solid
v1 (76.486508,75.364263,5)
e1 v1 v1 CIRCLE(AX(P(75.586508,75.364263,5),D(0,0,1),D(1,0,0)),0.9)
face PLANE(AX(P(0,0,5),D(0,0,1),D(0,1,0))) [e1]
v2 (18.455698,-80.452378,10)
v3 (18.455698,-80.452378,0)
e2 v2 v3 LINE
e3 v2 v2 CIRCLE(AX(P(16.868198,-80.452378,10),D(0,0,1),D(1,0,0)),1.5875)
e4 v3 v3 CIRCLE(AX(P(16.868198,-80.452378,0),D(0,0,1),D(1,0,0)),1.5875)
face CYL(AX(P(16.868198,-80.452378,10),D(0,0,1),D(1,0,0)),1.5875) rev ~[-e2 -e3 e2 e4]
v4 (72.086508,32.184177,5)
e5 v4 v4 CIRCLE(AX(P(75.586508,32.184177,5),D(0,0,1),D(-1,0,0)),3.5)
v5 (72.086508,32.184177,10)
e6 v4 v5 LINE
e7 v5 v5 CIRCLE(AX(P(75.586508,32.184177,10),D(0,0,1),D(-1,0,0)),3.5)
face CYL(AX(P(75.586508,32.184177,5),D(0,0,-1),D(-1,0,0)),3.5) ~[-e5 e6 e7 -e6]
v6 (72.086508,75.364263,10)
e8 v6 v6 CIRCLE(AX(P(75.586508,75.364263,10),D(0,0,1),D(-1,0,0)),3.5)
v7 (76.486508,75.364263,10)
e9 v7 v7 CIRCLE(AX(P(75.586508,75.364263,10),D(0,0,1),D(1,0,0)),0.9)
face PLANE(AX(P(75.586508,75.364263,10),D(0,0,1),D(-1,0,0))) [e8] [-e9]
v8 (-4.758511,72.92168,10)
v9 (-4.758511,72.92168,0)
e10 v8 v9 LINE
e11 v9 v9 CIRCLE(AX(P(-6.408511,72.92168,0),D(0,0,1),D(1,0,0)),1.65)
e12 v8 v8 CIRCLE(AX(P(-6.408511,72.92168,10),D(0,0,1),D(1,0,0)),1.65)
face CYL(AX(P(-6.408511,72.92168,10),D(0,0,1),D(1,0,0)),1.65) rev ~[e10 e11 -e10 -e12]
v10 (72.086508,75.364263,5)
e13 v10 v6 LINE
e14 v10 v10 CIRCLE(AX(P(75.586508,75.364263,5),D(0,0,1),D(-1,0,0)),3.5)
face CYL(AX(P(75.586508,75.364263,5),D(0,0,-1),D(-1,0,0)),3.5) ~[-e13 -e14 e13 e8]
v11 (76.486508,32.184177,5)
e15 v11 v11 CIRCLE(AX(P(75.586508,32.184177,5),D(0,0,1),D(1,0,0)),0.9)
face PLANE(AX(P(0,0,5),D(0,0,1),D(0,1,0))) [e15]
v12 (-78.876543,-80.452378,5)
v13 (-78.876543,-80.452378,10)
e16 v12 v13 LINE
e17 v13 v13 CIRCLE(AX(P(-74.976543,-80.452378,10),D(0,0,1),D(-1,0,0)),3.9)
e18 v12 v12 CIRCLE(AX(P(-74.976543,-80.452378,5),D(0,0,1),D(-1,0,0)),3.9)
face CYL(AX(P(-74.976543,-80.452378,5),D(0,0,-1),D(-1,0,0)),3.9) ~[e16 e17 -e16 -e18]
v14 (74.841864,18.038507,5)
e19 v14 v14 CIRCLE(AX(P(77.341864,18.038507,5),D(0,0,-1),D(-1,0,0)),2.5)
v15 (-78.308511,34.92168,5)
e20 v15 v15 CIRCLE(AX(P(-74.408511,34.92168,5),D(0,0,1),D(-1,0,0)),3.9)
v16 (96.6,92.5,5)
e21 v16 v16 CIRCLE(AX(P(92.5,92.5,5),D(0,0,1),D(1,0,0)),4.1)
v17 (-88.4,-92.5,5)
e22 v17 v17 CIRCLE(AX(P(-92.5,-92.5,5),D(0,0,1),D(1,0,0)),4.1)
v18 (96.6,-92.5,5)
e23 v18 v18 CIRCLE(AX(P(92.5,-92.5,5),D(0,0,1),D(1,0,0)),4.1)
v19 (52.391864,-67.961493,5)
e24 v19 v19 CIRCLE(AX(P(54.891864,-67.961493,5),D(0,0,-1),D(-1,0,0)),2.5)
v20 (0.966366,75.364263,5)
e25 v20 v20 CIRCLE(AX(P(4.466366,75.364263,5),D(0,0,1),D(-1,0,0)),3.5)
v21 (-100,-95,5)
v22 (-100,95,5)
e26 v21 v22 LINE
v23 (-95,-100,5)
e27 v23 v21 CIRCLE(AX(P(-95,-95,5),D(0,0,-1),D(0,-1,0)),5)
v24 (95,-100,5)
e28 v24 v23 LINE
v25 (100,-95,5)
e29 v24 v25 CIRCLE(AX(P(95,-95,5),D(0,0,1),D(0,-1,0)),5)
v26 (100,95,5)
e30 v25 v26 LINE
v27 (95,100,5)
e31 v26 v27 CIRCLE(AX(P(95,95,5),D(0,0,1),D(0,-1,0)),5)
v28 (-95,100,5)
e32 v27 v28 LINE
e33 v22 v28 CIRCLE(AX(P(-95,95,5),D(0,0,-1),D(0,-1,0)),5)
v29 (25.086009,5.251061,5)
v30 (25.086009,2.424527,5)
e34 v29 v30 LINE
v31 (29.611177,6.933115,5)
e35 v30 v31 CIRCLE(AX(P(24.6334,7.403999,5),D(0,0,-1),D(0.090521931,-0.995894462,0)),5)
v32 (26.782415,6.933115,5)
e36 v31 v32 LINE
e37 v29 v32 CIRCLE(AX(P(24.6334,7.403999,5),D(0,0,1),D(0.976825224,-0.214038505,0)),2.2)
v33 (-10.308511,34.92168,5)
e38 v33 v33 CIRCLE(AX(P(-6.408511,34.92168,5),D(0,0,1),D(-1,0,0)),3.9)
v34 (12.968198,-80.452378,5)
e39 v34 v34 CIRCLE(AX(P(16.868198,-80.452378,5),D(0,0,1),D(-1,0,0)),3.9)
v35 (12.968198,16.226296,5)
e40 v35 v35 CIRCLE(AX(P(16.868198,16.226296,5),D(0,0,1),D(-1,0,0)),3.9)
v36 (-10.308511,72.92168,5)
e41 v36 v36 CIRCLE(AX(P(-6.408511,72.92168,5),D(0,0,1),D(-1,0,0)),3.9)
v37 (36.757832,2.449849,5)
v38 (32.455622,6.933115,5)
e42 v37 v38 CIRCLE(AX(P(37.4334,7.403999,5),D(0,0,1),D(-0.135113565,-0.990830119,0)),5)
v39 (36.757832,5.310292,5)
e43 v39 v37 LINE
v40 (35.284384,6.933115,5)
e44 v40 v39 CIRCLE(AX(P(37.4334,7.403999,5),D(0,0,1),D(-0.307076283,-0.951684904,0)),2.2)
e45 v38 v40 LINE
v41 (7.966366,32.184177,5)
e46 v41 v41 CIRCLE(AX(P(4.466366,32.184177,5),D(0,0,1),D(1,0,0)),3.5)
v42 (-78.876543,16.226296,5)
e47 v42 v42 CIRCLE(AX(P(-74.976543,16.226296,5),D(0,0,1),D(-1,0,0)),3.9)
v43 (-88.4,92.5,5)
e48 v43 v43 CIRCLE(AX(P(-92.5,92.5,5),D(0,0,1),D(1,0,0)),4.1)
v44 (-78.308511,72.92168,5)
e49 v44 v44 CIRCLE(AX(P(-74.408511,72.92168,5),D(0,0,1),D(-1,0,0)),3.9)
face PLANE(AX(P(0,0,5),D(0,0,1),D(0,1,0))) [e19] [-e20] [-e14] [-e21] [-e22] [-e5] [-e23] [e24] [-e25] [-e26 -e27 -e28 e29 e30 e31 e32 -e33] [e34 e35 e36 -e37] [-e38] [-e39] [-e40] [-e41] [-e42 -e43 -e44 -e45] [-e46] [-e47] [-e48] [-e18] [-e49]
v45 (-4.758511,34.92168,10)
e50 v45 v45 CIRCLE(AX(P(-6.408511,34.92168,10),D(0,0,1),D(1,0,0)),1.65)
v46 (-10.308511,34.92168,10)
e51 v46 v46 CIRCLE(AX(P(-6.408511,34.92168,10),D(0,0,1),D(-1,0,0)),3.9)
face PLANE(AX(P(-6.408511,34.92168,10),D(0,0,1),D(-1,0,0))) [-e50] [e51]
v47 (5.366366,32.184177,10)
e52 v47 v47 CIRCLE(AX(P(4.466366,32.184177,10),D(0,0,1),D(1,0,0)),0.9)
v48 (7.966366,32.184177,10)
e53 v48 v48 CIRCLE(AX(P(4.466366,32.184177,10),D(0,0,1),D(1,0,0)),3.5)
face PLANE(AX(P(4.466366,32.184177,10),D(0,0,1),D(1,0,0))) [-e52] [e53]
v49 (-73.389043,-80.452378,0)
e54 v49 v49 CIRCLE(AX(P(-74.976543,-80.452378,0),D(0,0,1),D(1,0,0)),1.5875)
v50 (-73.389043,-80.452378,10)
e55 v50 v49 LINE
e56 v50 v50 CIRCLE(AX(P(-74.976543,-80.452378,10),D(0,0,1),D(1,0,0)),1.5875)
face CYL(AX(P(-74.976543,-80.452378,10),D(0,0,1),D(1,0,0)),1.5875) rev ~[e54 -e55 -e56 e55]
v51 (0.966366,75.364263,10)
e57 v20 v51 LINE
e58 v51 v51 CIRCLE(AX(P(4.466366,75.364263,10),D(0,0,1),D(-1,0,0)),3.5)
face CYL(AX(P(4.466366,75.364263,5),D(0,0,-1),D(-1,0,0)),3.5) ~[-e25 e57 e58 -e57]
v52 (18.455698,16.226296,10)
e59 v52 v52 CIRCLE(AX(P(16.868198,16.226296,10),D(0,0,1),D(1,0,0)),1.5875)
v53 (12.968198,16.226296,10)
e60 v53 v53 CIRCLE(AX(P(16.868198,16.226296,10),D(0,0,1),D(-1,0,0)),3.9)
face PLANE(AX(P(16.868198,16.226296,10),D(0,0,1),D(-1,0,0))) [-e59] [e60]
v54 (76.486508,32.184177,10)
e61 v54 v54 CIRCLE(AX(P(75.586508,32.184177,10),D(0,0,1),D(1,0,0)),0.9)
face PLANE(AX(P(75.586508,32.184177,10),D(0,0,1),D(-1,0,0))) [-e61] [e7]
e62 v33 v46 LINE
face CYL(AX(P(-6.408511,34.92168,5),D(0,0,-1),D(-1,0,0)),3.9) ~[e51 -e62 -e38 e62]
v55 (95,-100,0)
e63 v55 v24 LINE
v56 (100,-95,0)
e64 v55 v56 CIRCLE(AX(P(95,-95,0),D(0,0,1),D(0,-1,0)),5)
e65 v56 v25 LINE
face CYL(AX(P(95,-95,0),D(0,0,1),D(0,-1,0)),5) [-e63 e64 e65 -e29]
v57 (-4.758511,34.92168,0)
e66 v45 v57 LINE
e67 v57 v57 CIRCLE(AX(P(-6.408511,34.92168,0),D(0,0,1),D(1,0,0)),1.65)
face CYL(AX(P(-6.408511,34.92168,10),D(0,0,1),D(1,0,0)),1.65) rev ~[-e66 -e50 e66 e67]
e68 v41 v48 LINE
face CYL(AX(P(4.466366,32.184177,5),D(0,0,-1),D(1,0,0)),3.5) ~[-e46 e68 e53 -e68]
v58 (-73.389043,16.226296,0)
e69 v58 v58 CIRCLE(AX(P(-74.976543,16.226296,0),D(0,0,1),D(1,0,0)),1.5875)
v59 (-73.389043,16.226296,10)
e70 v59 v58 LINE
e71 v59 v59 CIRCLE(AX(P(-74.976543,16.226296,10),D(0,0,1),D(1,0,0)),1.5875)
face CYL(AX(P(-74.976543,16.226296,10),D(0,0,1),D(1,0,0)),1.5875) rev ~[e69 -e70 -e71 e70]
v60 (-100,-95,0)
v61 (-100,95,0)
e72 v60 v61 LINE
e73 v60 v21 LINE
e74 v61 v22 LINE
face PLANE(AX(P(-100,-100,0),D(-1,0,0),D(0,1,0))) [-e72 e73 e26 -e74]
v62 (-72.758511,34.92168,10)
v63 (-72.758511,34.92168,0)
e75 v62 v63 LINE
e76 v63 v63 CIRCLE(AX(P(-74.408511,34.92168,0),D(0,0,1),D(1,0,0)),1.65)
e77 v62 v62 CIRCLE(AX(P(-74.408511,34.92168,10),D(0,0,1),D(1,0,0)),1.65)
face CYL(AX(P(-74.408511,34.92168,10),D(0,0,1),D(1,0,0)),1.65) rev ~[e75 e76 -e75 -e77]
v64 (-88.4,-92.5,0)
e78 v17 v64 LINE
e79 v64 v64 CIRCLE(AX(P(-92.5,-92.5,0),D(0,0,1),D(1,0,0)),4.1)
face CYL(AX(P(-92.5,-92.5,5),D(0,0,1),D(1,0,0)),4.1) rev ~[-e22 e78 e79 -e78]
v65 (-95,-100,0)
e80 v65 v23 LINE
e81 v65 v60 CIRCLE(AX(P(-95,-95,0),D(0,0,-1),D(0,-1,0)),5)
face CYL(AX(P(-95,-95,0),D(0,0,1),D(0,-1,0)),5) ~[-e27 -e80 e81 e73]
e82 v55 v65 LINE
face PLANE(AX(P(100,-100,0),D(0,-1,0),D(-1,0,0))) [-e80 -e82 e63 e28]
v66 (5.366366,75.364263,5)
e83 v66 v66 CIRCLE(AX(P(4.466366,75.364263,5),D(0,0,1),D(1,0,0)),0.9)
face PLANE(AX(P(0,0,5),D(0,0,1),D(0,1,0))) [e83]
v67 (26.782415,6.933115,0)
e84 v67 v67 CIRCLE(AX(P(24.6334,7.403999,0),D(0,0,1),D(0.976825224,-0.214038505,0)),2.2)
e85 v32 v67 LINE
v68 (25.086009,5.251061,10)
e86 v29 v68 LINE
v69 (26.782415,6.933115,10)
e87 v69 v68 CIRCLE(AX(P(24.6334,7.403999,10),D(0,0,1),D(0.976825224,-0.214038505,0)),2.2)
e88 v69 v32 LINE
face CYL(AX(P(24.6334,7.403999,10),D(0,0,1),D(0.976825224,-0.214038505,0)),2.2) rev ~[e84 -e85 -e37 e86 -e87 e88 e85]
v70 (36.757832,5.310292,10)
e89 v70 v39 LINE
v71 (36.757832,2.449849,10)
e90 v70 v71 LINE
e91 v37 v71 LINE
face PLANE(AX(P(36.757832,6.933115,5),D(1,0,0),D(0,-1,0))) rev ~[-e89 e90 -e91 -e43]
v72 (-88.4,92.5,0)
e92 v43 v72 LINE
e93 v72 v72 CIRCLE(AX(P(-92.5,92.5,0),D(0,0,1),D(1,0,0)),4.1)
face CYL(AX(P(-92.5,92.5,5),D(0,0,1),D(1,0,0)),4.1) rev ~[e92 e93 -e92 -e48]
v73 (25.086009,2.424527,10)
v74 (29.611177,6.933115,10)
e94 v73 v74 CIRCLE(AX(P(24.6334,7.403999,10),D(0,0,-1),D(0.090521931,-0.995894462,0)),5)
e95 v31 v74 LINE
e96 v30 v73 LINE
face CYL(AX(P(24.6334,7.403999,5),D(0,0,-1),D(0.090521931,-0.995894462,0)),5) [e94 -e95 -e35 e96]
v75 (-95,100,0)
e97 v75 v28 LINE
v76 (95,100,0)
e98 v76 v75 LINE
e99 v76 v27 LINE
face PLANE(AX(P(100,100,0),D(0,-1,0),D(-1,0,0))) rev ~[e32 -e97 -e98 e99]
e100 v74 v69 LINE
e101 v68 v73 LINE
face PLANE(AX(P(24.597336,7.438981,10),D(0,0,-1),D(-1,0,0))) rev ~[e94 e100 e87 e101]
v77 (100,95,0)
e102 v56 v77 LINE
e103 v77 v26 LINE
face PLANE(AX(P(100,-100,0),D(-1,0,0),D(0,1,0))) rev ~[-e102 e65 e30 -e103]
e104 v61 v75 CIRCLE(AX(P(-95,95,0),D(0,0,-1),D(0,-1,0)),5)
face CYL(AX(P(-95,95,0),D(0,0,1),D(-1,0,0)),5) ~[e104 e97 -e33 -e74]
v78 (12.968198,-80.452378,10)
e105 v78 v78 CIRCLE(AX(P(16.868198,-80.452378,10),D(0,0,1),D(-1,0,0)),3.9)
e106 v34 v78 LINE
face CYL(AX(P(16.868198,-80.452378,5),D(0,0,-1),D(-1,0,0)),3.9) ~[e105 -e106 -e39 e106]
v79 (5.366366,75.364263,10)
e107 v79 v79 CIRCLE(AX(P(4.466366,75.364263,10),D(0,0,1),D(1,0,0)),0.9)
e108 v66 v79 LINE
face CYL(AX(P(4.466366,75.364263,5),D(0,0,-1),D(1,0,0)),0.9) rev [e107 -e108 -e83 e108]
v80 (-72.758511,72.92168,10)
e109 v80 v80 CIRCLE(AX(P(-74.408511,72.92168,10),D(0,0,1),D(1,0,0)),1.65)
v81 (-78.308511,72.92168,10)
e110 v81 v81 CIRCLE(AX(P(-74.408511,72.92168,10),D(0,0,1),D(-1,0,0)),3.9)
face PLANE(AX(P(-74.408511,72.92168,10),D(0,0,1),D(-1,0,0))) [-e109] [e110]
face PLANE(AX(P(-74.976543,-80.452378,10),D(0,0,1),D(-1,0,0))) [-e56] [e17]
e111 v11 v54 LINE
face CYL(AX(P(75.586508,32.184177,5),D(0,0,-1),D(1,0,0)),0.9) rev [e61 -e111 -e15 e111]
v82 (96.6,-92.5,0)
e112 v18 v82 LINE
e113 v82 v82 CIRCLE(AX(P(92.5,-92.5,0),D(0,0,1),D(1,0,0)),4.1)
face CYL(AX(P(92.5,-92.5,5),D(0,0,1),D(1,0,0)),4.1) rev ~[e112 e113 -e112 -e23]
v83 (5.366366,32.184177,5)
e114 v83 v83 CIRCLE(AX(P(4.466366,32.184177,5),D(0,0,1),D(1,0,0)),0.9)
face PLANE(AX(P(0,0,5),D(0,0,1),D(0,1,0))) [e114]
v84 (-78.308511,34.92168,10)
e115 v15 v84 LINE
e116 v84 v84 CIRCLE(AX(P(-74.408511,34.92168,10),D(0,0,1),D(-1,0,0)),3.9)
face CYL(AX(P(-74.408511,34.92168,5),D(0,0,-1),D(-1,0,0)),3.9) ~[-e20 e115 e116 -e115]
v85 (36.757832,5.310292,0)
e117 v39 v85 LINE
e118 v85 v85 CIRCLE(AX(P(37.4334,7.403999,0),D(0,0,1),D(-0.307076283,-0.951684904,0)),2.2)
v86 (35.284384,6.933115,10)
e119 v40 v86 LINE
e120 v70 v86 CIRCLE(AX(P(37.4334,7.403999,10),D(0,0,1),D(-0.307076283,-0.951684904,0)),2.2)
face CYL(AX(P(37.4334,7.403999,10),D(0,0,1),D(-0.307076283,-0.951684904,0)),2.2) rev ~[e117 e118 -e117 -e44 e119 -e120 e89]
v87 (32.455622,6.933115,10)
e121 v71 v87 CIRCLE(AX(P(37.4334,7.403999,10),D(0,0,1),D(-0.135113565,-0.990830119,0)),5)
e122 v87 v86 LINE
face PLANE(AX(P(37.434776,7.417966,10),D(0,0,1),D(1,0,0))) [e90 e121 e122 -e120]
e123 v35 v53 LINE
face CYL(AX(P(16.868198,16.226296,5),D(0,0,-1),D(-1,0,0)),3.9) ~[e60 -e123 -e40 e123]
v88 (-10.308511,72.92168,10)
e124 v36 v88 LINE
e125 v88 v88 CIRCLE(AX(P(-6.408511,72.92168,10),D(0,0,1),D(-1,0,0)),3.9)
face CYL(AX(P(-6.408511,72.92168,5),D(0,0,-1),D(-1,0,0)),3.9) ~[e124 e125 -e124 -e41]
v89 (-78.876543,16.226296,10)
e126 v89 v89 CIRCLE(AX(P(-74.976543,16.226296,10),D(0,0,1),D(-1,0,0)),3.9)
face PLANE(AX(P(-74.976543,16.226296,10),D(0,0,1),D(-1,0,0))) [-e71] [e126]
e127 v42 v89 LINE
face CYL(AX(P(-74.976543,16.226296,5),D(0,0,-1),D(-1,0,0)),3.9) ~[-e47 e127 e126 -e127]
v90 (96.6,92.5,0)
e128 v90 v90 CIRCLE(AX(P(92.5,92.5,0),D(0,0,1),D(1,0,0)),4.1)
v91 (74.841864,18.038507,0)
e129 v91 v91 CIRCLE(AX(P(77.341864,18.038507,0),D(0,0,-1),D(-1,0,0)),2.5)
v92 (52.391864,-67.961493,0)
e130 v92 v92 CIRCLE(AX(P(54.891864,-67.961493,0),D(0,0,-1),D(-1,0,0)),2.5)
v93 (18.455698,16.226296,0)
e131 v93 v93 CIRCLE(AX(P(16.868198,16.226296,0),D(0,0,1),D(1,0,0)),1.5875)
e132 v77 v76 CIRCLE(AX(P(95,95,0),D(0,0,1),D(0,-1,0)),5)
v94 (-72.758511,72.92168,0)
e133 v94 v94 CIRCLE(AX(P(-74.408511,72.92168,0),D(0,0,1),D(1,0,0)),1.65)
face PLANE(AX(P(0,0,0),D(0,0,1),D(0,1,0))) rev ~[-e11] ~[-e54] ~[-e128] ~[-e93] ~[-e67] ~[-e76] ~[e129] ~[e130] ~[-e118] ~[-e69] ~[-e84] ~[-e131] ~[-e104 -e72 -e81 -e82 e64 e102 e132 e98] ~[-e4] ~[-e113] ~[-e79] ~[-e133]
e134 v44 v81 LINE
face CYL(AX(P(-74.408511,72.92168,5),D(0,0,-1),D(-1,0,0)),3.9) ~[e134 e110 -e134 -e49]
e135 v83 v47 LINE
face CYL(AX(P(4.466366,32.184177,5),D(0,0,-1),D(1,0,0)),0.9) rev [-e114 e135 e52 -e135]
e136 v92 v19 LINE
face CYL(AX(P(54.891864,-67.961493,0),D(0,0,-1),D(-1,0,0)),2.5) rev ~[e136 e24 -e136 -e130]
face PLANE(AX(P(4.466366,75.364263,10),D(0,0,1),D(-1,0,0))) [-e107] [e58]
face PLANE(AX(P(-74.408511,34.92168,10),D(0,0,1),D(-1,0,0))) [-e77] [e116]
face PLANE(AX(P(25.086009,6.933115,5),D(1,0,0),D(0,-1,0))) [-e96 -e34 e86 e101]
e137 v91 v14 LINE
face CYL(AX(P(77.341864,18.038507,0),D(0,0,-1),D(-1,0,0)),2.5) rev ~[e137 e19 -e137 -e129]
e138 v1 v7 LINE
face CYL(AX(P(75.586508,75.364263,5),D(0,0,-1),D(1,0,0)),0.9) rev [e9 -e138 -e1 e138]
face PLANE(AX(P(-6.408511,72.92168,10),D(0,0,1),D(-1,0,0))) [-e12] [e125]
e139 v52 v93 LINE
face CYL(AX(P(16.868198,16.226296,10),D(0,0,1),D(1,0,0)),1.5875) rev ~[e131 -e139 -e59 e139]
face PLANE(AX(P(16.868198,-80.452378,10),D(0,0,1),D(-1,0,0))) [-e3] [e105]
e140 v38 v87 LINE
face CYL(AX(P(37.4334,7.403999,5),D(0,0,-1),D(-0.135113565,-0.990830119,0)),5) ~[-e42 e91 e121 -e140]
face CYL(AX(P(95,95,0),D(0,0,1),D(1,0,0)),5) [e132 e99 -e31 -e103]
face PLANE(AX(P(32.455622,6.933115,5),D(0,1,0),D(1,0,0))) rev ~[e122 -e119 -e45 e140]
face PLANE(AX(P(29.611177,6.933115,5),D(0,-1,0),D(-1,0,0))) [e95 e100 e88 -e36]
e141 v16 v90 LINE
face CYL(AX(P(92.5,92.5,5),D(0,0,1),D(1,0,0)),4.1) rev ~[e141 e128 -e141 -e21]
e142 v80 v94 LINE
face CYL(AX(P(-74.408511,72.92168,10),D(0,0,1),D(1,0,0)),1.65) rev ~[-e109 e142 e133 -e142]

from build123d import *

# Parameters (mm, degrees)
CROQUIS1_W              = 200
CROQUIS1_H              = 200
SALIENTE_EXTRUIR1_DEPTH = 5
CROQUIS4_R              = 3.5
CROQUIS4_R_2            = 0.9
CROQUIS4_R_3            = 3.9
CROQUIS4_R_4            = 1.4
SALIENTE_EXTRUIR3_DEPTH = 5
REDONDEO1_R             = 5
CROQUIS5_R              = 4.1
CORTAR_EXTRUIR1_DEPTH   = 5
CROQUIS7_R              = 2.5
CORTAR_EXTRUIR2_DEPTH   = 10
CROQUIS8_R              = 2.2
CROQUIS8_R_2            = 1.5875
CROQUIS8_R_3            = 1.65
CORTAR_EXTRUIR3_DEPTH   = 17


with BuildPart() as part:
    # Croquis1 → Saliente-Extruir1 (new body)
    with BuildSketch(Plane(origin=(0, 0, 0), x_dir=(0, 1, 0), z_dir=(0, 0, 1))):
        Rectangle(CROQUIS1_W, CROQUIS1_H)
    extrude(amount=SALIENTE_EXTRUIR1_DEPTH)

    # Croquis4 → Saliente-Extruir3 (add)
    # profile 1 of 14: a face of its own
    with BuildSketch(Plane.XY.offset(5)):
        with Locations((4.466366134, 32.184176934)):
            Circle(CROQUIS4_R)
        with Locations((4.466366134, 32.184176934)):
            Circle(CROQUIS4_R_2, mode=Mode.SUBTRACT)
    # profile 2 of 14: a face of its own
    with BuildSketch(Plane.XY.offset(5)):
        with Locations(Location((75.586508374, 75.364263295, 0), (0, 0, 180))):
            Circle(CROQUIS4_R)
        with Locations((75.586508374, 75.364263295)):
            Circle(CROQUIS4_R_2, mode=Mode.SUBTRACT)
    # profile 3 of 14: a face of its own
    with BuildSketch(Plane.XY.offset(5)):
        with Locations(Location((-74.976542636, 16.226296077, 0), (0, 0, 180))):
            Circle(CROQUIS4_R_3)
        with Locations((-74.976542636, 16.226296077)):
            Circle(CROQUIS4_R_4, mode=Mode.SUBTRACT)
    # profile 4 of 14: a face of its own
    with BuildSketch(Plane.XY.offset(5)):
        with Locations(Location((16.86819811, 16.226296077, 0), (0, 0, 180))):
            Circle(CROQUIS4_R_3)
        with Locations((16.86819811, 16.226296077)):
            Circle(CROQUIS4_R_4, mode=Mode.SUBTRACT)
    # profile 5 of 14: a face of its own
    with BuildSketch(Plane.XY.offset(5)):
        with Locations(Location((16.86819811, -80.452378393, 0), (0, 0, 180))):
            Circle(CROQUIS4_R_3)
        with Locations((16.86819811, -80.452378393)):
            Circle(CROQUIS4_R_4, mode=Mode.SUBTRACT)
    # profile 6 of 14: a face of its own
    with BuildSketch(Plane.XY.offset(5)):
        with Locations(Location((-74.976542636, -80.452378393, 0), (0, 0, 180))):
            Circle(CROQUIS4_R_3)
        with Locations((-74.976542636, -80.452378393)):
            Circle(CROQUIS4_R_4, mode=Mode.SUBTRACT)
    # profile 7 of 14: a face of its own
    with BuildSketch(Plane.XY.offset(5)):
        with Locations(Location((-6.408510904, 72.92167992, 0), (0, 0, 180))):
            Circle(CROQUIS4_R_3)
        with Locations((-6.408510904, 72.92167992)):
            Circle(CROQUIS4_R_4, mode=Mode.SUBTRACT)
    # profile 8 of 14: a face of its own
    with BuildSketch(Plane.XY.offset(5)):
        with Locations(Location((-6.408510904, 34.92167992, 0), (0, 0, 180))):
            Circle(CROQUIS4_R_3)
        with Locations((-6.408510904, 34.92167992)):
            Circle(CROQUIS4_R_4, mode=Mode.SUBTRACT)
    # profile 9 of 14: a face of its own
    with BuildSketch(Plane.XY.offset(5)):
        with Locations(Location((-74.408510904, 34.92167992, 0), (0, 0, 180))):
            Circle(CROQUIS4_R_3)
        with Locations((-74.408510904, 34.92167992)):
            Circle(CROQUIS4_R_4, mode=Mode.SUBTRACT)
    # profile 10 of 14: a face of its own
    with BuildSketch(Plane.XY.offset(5)):
        with Locations(Location((4.466366134, 75.364263295, 0), (0, 0, 180))):
            Circle(CROQUIS4_R)
        with Locations((4.466366134, 75.364263295)):
            Circle(CROQUIS4_R_2, mode=Mode.SUBTRACT)
    # profile 11 of 14: a face of its own
    with BuildSketch(Plane.XY.offset(5)):
        with Locations(Location((75.586508374, 32.184176934, 0), (0, 0, 180))):
            Circle(CROQUIS4_R)
        with Locations((75.586508374, 32.184176934)):
            Circle(CROQUIS4_R_2, mode=Mode.SUBTRACT)
    # profile 12 of 14: a face of its own
    with BuildSketch(Plane.XY.offset(5)):
        with Locations(Location((-74.408510904, 72.92167992, 0), (0, 0, 180))):
            Circle(CROQUIS4_R_3)
        with Locations((-74.408510904, 72.92167992)):
            Circle(CROQUIS4_R_4, mode=Mode.SUBTRACT)
    # profile 13 of 14: a face of its own
    with BuildSketch(Plane.XY.offset(5)):
        with BuildLine():
            Line((32.455622465, 6.933114513), (36.757832016, 6.933114513))
            Line((36.757832016, 6.933114513), (36.757832016, 2.449848629))
            ThreePointArc((36.757832016, 2.449848629), (41.041030118, 10.865935643), (32.455622465, 6.933114513))
        make_face()
    # profile 14 of 14: a face of its own
    with BuildSketch(Plane.XY.offset(5)):
        with BuildLine():
            Line((29.611177214, 6.933114513), (25.086009497, 6.933114513))
            Line((25.086009497, 6.933114513), (25.086009497, 2.424526913))
            ThreePointArc((25.086009497, 2.424526913), (21.104360825, 10.946016112), (29.611177214, 6.933114513))
        make_face()
    extrude(amount=SALIENTE_EXTRUIR3_DEPTH)

    # Redondeo1
    redondeo1_edges = [part.edges().sort_by_distance(p)[0] for p in [
        (100, 100, 2.5),
        (100, -100, 2.5),
        (-100, -100, 2.5),
        (-100, 100, 2.5),
    ]]
    fillet(redondeo1_edges, radius=REDONDEO1_R)

    # Croquis5 → Cortar-Extruir1 (cut)
    with BuildSketch(Plane(origin=(0, 0, 5), x_dir=(0, -1, 0), z_dir=(0, 0, 1))):
        with Locations(Location((-92.5, -92.5, 0), (0, 0, 90))):
            Circle(CROQUIS5_R)
        with Locations(Location((92.5, -92.5, 0), (0, 0, 90))):
            Circle(CROQUIS5_R)
        with Locations(Location((92.5, 92.5, 0), (0, 0, 90))):
            Circle(CROQUIS5_R)
        with Locations(Location((-92.5, 92.5, 0), (0, 0, 90))):
            Circle(CROQUIS5_R)
    extrude(amount=-CORTAR_EXTRUIR1_DEPTH, mode=Mode.SUBTRACT)

    # Croquis7 → Cortar-Extruir2 (cut)
    with BuildSketch(Plane(origin=(0, 0, 0), x_dir=(1, 0, 0), z_dir=(0, 0, -1))):
        with Locations(Location((77.341864461, -18.038506913, 0), (0, 0, 180))):
            Circle(CROQUIS7_R)
        with Locations(Location((54.891864461, 67.961493087, 0), (0, 0, 180))):
            Circle(CROQUIS7_R)
    extrude(amount=-CORTAR_EXTRUIR2_DEPTH, mode=Mode.SUBTRACT)

    # Croquis8 → Cortar-Extruir3 (cut)
    with BuildSketch(Plane.XY.offset(10)):
        with Locations(Location((37.433399839, 7.403999224, 0), (0, 0, 252.116878215))):
            Circle(CROQUIS8_R)
        with Locations(Location((24.633399839, 7.403999224, 0), (0, 0, 347.64087537))):
            Circle(CROQUIS8_R)
        with Locations((-74.976542636, -80.452378393)):
            Circle(CROQUIS8_R_2)
        with Locations((16.86819811, -80.452378393)):
            Circle(CROQUIS8_R_2)
        with Locations((16.86819811, 16.226296077)):
            Circle(CROQUIS8_R_2)
        with Locations((-74.976542636, 16.226296077)):
            Circle(CROQUIS8_R_2)
        with Locations((-6.408510904, 34.92167992)):
            Circle(CROQUIS8_R_3)
        with Locations((-6.408510904, 72.92167992)):
            Circle(CROQUIS8_R_3)
        with Locations((-74.408510904, 72.92167992)):
            Circle(CROQUIS8_R_3)
        with Locations((-74.408510904, 34.92167992)):
            Circle(CROQUIS8_R_3)
    extrude(amount=-CORTAR_EXTRUIR3_DEPTH, mode=Mode.SUBTRACT)


solid = part.part
